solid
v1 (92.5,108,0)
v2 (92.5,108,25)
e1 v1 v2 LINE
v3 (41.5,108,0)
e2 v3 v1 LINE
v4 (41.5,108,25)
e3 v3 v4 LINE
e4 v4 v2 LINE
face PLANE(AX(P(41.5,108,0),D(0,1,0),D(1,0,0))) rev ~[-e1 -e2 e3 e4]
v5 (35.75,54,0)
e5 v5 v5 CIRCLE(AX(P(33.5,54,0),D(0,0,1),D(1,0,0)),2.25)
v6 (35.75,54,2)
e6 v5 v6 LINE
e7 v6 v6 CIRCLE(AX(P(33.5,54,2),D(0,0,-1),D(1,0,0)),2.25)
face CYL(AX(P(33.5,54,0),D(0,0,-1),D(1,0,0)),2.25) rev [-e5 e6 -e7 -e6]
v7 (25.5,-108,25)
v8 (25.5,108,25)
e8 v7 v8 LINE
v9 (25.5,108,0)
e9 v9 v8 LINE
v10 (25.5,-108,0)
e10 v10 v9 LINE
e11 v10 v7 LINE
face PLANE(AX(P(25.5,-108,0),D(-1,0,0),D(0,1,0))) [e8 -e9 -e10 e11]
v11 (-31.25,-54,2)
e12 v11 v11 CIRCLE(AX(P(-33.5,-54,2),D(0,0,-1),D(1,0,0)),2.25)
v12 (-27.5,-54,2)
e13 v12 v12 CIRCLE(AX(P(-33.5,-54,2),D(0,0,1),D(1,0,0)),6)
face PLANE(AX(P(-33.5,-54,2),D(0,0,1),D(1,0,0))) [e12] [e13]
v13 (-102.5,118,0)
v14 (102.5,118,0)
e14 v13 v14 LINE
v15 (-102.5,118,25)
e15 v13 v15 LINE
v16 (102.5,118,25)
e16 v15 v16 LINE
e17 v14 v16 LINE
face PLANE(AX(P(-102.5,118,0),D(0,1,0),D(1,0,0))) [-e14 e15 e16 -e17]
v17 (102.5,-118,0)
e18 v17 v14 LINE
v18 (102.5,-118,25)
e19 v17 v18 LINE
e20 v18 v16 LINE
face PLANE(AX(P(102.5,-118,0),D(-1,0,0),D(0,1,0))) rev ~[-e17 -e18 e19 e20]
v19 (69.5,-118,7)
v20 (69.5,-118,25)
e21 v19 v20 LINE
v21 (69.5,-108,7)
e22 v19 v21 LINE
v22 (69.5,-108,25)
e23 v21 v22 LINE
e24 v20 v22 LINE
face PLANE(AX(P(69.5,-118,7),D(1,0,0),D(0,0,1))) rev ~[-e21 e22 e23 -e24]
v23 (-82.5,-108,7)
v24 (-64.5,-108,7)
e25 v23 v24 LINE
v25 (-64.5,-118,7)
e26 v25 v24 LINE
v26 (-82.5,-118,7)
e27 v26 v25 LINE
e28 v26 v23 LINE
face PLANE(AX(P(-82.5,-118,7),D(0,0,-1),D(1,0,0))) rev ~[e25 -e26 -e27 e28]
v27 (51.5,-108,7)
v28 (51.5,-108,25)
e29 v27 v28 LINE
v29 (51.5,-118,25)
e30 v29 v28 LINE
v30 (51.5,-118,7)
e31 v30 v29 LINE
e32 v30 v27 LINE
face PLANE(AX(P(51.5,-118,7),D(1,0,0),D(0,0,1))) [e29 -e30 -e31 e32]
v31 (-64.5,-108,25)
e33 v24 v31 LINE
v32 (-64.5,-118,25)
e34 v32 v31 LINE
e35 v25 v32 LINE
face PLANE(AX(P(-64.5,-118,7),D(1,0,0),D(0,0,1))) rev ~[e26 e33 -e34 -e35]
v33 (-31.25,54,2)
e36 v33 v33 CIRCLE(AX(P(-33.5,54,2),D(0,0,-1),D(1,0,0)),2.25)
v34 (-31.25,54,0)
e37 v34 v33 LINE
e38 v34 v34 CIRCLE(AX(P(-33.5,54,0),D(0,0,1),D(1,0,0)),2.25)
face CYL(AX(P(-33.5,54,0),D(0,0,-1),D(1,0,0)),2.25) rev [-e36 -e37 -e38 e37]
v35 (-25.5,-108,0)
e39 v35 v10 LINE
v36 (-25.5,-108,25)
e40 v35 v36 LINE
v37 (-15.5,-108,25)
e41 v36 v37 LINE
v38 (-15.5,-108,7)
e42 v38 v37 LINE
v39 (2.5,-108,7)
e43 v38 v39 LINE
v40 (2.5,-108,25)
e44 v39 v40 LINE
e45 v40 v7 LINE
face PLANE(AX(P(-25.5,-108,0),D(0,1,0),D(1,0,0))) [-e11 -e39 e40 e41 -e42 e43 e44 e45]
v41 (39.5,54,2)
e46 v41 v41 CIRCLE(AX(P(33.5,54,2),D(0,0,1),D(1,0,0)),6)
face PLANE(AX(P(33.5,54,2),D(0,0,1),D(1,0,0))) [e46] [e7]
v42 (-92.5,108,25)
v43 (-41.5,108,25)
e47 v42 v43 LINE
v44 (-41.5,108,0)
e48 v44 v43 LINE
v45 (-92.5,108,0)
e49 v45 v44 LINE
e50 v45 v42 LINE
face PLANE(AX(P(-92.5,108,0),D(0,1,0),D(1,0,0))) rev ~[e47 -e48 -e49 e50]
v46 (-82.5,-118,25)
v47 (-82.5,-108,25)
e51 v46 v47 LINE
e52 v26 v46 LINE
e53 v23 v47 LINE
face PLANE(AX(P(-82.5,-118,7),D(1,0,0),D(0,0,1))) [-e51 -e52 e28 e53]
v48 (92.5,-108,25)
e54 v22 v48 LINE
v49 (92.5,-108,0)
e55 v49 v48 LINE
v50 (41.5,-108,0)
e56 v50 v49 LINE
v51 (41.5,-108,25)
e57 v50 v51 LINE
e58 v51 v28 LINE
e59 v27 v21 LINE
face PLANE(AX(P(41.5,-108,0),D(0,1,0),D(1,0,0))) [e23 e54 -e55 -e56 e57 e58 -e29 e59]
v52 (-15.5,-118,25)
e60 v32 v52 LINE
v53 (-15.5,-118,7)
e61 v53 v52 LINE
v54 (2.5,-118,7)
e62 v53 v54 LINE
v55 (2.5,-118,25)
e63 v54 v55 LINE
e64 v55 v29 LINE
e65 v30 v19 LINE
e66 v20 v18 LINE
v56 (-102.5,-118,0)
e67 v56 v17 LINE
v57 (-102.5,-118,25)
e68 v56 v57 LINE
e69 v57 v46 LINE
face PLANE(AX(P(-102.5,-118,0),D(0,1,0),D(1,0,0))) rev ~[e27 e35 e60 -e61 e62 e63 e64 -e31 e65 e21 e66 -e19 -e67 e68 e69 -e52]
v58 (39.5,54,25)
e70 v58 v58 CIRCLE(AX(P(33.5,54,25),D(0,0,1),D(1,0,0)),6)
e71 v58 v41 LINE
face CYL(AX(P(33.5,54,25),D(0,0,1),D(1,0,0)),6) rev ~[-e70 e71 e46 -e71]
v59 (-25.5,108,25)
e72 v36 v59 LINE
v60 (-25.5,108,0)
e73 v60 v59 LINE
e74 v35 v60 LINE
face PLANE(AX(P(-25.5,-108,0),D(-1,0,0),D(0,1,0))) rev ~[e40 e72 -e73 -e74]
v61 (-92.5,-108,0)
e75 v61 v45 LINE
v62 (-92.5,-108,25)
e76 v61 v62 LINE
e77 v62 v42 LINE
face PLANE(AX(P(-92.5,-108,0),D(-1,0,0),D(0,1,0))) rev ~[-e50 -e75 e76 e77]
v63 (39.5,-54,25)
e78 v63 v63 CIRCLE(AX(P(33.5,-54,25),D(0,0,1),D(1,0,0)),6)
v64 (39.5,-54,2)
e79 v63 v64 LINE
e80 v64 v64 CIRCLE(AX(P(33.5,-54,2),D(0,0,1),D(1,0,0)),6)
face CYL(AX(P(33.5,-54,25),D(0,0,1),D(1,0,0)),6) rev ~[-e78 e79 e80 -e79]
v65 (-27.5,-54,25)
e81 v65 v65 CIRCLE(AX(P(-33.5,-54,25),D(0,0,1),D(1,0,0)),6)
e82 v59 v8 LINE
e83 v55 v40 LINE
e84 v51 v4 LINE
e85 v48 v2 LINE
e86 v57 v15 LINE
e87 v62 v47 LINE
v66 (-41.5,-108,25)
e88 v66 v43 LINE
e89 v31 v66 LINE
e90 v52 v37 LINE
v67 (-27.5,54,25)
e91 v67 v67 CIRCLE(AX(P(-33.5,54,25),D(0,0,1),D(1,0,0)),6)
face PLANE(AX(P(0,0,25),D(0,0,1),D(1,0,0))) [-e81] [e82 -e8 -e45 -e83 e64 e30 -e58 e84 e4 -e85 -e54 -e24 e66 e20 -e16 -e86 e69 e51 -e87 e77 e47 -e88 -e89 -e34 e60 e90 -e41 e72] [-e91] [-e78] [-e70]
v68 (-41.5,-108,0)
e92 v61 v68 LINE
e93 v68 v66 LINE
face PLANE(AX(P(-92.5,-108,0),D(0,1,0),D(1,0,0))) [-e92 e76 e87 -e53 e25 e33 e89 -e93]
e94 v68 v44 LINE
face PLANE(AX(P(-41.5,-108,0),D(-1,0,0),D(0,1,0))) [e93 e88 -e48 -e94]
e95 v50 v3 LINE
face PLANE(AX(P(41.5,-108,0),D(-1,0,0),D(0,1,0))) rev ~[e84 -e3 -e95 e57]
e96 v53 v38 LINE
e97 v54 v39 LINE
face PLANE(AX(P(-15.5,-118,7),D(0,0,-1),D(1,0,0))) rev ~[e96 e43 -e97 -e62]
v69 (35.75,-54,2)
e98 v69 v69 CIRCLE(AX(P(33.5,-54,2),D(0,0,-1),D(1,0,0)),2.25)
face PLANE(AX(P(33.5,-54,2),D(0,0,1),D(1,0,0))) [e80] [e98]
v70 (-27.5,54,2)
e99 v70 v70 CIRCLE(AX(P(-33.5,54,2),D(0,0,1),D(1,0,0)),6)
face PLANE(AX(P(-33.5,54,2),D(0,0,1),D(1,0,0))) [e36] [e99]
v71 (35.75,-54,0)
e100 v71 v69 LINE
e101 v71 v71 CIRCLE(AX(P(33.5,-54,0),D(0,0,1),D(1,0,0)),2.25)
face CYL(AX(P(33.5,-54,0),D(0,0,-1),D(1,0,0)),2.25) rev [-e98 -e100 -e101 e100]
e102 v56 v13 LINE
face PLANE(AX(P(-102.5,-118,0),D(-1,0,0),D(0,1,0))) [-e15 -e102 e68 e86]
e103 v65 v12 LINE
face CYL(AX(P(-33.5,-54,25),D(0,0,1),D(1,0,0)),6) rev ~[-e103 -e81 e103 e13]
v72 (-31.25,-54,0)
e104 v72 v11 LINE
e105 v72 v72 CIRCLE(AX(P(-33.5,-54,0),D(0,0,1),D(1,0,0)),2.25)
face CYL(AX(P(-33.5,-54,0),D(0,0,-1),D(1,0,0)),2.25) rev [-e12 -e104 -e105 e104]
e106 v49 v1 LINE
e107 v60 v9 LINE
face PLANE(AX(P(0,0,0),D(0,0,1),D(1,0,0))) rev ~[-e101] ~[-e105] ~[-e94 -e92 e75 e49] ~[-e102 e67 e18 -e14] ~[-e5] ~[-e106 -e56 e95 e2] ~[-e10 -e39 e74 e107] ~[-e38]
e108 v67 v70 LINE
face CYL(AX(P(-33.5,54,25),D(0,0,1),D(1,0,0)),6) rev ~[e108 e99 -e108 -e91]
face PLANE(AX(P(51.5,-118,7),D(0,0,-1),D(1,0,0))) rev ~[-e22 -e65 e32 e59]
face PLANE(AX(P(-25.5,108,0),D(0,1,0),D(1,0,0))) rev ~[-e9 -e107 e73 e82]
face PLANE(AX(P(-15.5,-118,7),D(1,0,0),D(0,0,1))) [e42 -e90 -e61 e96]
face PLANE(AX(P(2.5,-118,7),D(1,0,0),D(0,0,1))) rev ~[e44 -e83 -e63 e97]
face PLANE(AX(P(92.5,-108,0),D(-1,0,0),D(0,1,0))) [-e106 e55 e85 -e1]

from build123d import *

# Parameters (mm, degrees)
F0_W     = 205
F0_H     = 236
F0_R     = 2.25
F0_W_2   = 51
F0_H_2   = 216
F1_DEPTH = 25
F2_W     = 18
F2_H     = 18
F3_DEPTH = 10
F4_R     = 6
F5_DEPTH = 23


with BuildPart() as f1:
    # F0 (on Top) → F1 (new body)
    with BuildSketch(Plane.XY):
        Rectangle(F0_W, F0_H)
        with Locations((-33.5, -54)):
            Circle(F0_R, mode=Mode.SUBTRACT)
        with Locations((33.5, -54)):
            Circle(F0_R, mode=Mode.SUBTRACT)
        with Locations((-67, 0)):
            Rectangle(F0_W_2, F0_H_2, mode=Mode.SUBTRACT)
        with Locations((-33.5, 54)):
            Circle(F0_R, mode=Mode.SUBTRACT)
        Rectangle(F0_W_2, F0_H_2, mode=Mode.SUBTRACT)
        with Locations((33.5, 54)):
            Circle(F0_R, mode=Mode.SUBTRACT)
        with Locations((67, 0)):
            Rectangle(F0_W_2, F0_H_2, mode=Mode.SUBTRACT)
    extrude(amount=F1_DEPTH)

    # F2 (on face) → F3 (cut, through all)
    with BuildSketch(Plane.XZ.offset(118)):
        with Locations((-73.5, 16)):
            Rectangle(F2_W, F2_H)
        with Locations((-6.5, 16)):
            Rectangle(F2_W, F2_H)
        with Locations((60.5, 16)):
            Rectangle(F2_W, F2_H)
    extrude(amount=-F3_DEPTH, mode=Mode.SUBTRACT)

    # F4 (on face) → F5 (cut)
    with BuildSketch(Plane.XY.offset(25)):
        with Locations((-33.5, 54)):
            Circle(F4_R)
        with Locations((-33.5, -54)):
            Circle(F4_R)
        with Locations((33.5, 54)):
            Circle(F4_R)
        with Locations((33.5, -54)):
            Circle(F4_R)
    extrude(amount=-F5_DEPTH, mode=Mode.SUBTRACT)


solid = f1.part
